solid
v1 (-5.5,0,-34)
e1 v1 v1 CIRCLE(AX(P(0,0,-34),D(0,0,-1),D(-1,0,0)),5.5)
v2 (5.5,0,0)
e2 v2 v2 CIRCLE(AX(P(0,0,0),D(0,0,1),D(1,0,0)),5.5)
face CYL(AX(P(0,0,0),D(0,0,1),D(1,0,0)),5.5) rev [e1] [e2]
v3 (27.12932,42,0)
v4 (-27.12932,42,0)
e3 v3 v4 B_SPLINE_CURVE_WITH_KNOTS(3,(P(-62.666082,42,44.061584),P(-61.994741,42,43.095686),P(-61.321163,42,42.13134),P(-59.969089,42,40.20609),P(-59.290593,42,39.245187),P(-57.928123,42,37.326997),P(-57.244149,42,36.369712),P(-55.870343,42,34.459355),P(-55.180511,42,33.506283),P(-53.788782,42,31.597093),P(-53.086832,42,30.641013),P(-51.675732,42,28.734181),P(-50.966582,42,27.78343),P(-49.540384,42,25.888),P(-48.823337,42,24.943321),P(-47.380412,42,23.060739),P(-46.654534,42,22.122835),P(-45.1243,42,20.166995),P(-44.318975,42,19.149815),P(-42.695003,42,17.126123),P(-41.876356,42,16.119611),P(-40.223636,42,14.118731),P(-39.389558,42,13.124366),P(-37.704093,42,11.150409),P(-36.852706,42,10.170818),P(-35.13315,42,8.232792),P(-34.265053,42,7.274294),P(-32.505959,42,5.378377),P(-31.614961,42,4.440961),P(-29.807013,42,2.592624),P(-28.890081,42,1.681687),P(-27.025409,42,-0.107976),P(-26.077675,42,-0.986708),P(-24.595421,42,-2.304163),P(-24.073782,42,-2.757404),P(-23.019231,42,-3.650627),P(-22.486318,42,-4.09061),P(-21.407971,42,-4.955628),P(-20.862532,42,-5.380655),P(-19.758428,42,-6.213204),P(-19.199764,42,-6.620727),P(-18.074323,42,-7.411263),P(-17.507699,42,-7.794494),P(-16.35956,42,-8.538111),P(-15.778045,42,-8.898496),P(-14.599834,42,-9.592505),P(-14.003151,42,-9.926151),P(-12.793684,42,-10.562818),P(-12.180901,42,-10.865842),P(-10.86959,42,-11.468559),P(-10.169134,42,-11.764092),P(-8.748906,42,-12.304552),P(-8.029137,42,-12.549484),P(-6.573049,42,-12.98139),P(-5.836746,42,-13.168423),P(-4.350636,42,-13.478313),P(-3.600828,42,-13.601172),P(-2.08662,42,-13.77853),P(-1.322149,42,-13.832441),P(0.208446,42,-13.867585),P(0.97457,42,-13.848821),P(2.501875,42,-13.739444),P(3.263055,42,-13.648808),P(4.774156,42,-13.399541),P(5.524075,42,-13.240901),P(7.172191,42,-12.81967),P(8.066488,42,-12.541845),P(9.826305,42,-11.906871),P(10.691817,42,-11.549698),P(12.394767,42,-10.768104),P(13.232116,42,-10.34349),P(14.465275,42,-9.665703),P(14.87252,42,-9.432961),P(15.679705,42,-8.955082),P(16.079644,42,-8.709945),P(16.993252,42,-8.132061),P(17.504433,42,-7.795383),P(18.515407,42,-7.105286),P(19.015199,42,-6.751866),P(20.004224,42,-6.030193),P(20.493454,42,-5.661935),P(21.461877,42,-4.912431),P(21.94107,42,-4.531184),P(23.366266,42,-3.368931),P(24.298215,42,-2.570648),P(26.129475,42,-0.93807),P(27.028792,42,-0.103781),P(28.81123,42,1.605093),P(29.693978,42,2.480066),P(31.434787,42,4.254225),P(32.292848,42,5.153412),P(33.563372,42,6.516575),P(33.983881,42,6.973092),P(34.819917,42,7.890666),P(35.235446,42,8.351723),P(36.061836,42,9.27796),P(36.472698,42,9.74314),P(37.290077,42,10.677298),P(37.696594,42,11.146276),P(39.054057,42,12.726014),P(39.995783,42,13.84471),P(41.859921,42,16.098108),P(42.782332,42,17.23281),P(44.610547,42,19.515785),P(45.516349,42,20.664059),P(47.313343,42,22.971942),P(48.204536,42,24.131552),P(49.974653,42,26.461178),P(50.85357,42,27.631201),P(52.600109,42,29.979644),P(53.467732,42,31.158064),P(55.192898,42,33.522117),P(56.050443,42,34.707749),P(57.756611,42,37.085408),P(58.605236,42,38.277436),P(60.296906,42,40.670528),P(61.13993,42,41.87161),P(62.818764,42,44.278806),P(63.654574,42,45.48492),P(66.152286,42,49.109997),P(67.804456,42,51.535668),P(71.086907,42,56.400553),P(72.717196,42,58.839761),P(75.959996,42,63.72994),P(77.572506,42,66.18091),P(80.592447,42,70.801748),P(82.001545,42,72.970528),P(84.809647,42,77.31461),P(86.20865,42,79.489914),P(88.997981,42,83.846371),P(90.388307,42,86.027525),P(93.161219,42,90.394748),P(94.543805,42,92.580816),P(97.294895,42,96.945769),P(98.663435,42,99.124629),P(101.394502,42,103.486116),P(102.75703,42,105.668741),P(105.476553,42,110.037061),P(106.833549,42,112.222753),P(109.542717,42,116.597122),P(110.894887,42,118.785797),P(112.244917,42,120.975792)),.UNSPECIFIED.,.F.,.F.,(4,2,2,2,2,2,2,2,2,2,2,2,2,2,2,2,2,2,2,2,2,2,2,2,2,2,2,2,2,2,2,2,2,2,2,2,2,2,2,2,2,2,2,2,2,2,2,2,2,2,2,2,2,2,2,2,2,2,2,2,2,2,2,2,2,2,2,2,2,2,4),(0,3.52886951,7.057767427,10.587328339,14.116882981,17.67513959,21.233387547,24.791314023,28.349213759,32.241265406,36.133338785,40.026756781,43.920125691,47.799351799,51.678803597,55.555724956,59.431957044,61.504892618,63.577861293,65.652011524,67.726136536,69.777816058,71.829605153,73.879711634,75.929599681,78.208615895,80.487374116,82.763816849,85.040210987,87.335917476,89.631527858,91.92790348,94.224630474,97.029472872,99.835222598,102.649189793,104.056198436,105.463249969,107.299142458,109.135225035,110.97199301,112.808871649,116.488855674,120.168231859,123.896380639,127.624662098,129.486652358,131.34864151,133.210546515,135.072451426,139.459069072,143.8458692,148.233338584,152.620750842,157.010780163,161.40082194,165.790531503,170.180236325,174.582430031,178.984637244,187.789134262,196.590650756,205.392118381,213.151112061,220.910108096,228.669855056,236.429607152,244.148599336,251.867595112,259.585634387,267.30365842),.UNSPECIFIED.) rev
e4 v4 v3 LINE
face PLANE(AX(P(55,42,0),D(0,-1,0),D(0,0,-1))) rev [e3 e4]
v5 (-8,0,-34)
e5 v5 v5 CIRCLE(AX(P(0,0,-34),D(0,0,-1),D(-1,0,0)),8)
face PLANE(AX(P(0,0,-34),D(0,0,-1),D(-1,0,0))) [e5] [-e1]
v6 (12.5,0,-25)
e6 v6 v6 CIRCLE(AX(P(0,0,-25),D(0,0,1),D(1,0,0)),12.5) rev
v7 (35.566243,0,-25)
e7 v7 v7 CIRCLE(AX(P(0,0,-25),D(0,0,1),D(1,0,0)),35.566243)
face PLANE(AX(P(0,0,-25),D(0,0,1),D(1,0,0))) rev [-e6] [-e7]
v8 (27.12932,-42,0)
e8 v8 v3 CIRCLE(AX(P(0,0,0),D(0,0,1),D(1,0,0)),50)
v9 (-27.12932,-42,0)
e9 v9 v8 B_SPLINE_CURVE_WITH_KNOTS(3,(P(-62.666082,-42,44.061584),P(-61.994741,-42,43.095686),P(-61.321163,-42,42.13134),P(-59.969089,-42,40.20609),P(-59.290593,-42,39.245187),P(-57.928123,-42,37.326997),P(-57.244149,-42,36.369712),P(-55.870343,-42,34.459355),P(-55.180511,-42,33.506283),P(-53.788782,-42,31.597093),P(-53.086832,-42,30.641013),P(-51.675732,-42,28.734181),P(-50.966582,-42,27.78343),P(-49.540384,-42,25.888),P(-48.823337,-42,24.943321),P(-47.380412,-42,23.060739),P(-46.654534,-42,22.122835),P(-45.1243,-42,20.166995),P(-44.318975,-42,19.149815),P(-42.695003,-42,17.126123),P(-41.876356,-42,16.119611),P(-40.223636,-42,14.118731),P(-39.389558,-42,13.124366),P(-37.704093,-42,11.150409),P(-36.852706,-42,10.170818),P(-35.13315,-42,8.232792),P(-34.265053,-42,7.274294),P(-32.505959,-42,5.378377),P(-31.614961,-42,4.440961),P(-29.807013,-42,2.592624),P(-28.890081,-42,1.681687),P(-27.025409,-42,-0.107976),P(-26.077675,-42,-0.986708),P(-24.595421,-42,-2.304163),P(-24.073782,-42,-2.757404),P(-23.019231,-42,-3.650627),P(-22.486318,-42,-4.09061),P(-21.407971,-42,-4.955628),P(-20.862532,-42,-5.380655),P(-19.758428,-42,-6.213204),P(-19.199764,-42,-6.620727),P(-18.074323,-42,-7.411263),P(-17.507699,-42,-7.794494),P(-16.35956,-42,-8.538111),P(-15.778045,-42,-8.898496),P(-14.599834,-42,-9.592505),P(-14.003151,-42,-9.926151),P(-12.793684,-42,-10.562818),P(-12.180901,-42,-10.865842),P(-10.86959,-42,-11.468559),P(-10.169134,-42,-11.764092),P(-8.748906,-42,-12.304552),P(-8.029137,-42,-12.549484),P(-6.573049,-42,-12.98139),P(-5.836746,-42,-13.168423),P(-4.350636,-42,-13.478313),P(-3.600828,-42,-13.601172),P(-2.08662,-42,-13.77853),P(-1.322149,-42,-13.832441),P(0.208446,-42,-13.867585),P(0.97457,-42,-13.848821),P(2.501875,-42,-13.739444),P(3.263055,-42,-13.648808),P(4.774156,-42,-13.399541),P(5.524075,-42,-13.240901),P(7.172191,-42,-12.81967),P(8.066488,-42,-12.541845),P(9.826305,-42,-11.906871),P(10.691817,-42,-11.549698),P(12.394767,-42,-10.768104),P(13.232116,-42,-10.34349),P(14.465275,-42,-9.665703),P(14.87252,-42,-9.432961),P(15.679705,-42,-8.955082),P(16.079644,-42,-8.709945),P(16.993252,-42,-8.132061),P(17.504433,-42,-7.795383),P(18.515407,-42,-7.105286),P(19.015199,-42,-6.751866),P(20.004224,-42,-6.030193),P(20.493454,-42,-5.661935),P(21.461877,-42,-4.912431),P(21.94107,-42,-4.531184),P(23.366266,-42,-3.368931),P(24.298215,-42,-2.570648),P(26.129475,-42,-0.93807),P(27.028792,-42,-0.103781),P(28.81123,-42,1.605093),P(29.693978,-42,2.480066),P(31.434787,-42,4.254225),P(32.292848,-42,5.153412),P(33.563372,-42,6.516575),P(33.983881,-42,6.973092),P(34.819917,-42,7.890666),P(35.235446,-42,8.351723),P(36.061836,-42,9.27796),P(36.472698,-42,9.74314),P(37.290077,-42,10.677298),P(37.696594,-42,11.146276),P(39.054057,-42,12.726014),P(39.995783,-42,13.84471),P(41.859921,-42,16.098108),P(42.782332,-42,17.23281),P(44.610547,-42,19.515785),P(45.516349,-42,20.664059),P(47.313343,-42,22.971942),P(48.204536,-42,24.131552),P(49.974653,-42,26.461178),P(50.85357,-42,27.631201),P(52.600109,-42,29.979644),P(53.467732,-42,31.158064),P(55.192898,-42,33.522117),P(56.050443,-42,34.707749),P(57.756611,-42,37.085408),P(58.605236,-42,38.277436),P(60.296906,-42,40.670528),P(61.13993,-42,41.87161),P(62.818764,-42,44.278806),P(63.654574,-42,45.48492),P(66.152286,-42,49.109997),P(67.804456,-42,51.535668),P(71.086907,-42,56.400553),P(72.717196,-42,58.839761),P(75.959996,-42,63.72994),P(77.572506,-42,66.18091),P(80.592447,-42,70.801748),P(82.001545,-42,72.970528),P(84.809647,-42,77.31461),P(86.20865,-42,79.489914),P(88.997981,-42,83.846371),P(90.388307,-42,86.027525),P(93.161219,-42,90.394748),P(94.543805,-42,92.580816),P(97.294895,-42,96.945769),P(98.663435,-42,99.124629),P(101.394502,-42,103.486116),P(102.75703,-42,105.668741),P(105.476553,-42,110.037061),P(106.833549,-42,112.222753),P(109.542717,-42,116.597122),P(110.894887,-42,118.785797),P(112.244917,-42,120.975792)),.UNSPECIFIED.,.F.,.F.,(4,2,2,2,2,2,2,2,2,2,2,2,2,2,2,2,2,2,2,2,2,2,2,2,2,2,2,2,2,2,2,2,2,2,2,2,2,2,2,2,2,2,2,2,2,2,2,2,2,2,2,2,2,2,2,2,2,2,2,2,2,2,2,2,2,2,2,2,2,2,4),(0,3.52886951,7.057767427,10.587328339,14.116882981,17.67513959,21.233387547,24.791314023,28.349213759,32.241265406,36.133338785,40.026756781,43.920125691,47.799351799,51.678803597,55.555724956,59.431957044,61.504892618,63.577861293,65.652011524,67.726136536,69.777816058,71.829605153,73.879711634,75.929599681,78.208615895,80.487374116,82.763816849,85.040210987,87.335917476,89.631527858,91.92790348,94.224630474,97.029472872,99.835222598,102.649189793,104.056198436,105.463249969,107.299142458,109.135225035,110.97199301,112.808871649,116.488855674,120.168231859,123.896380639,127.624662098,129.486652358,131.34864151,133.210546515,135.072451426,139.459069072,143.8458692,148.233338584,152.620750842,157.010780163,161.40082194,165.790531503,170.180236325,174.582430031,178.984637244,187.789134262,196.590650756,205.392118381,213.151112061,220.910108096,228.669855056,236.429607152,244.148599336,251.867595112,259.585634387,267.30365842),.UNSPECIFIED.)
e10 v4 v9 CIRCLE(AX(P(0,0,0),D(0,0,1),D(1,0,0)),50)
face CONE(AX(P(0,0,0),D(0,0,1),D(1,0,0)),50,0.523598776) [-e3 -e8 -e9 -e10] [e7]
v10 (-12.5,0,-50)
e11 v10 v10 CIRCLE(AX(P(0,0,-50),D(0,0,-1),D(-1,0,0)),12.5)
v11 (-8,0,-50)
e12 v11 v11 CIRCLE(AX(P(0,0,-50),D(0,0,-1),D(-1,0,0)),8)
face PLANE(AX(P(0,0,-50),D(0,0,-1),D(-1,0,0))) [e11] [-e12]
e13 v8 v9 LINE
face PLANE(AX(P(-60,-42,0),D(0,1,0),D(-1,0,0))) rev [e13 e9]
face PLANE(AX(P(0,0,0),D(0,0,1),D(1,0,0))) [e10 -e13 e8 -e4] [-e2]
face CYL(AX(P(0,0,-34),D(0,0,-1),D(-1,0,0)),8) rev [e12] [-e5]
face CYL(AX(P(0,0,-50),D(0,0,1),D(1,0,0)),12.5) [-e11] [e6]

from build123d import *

# Parameters (mm, degrees)
SKETCH1_R                  = 50
EXTRUDE1_DEPTH             = 25
EXTRUDE1_DRAFT             = -30
SKETCH2_R                  = 12.5
EXTRUDE2_DEPTH             = 25
SKETCH3_R                  = 8
CUT_EXTRUDE1_DEPTH         = 16
F_11_0_11_DIAMETER_HOLE1_D = 11
CUT_EXTRUDE2_DEPTH         = 76


with BuildPart() as part:
    # Sketch1 → Extrude1 (with draft: the straight prism first)
    with BuildSketch(Plane.XY):
        Circle(SKETCH1_R)
    extrude(amount=-EXTRUDE1_DEPTH)
    # Extrude1: the draft: its side faces are tilted about the plane it starts from
    extrude1_sides = [part.faces().sort_by_distance(p)[0] for p in [
        (-50, 0, -12.5),
    ]]
    draft(extrude1_sides, Plane.XY, EXTRUDE1_DRAFT)

    # Sketch2 → Extrude2 (add)
    with BuildSketch(Plane(origin=(0, 0, -25), x_dir=(-1, 0, 0), z_dir=(0, 0, -1))):
        with Locations(Location((0, 0, 0), (0, 0, 180))):
            Circle(SKETCH2_R)
    extrude(amount=EXTRUDE2_DEPTH)

    # Sketch3 → Cut-Extrude1 (cut)
    with BuildSketch(Plane(origin=(0, 0, -50), x_dir=(-1, 0, 0), z_dir=(0, 0, -1))):
        Circle(SKETCH3_R)
    extrude(amount=-CUT_EXTRUDE1_DEPTH, mode=Mode.SUBTRACT)

    # Ø11.0 (11) Diameter Hole1 (through all)
    with Locations(Plane.XY):
        with Locations((0, 0)):
            Hole(F_11_0_11_DIAMETER_HOLE1_D / 2)

    # Sketch7 → Cut-Extrude2 (cut, through all)
    with BuildSketch(Plane(origin=(0, 0, -25), x_dir=(-1, 0, 0), z_dir=(0, 0, -1))):
        Polygon((-55, 42), (60, 42), (60, -42), (-55, -42), (-55, -67), (80, -67), (80, 67), (-55, 67), align=None)
    extrude(amount=-CUT_EXTRUDE2_DEPTH, mode=Mode.SUBTRACT)


solid = part.part
